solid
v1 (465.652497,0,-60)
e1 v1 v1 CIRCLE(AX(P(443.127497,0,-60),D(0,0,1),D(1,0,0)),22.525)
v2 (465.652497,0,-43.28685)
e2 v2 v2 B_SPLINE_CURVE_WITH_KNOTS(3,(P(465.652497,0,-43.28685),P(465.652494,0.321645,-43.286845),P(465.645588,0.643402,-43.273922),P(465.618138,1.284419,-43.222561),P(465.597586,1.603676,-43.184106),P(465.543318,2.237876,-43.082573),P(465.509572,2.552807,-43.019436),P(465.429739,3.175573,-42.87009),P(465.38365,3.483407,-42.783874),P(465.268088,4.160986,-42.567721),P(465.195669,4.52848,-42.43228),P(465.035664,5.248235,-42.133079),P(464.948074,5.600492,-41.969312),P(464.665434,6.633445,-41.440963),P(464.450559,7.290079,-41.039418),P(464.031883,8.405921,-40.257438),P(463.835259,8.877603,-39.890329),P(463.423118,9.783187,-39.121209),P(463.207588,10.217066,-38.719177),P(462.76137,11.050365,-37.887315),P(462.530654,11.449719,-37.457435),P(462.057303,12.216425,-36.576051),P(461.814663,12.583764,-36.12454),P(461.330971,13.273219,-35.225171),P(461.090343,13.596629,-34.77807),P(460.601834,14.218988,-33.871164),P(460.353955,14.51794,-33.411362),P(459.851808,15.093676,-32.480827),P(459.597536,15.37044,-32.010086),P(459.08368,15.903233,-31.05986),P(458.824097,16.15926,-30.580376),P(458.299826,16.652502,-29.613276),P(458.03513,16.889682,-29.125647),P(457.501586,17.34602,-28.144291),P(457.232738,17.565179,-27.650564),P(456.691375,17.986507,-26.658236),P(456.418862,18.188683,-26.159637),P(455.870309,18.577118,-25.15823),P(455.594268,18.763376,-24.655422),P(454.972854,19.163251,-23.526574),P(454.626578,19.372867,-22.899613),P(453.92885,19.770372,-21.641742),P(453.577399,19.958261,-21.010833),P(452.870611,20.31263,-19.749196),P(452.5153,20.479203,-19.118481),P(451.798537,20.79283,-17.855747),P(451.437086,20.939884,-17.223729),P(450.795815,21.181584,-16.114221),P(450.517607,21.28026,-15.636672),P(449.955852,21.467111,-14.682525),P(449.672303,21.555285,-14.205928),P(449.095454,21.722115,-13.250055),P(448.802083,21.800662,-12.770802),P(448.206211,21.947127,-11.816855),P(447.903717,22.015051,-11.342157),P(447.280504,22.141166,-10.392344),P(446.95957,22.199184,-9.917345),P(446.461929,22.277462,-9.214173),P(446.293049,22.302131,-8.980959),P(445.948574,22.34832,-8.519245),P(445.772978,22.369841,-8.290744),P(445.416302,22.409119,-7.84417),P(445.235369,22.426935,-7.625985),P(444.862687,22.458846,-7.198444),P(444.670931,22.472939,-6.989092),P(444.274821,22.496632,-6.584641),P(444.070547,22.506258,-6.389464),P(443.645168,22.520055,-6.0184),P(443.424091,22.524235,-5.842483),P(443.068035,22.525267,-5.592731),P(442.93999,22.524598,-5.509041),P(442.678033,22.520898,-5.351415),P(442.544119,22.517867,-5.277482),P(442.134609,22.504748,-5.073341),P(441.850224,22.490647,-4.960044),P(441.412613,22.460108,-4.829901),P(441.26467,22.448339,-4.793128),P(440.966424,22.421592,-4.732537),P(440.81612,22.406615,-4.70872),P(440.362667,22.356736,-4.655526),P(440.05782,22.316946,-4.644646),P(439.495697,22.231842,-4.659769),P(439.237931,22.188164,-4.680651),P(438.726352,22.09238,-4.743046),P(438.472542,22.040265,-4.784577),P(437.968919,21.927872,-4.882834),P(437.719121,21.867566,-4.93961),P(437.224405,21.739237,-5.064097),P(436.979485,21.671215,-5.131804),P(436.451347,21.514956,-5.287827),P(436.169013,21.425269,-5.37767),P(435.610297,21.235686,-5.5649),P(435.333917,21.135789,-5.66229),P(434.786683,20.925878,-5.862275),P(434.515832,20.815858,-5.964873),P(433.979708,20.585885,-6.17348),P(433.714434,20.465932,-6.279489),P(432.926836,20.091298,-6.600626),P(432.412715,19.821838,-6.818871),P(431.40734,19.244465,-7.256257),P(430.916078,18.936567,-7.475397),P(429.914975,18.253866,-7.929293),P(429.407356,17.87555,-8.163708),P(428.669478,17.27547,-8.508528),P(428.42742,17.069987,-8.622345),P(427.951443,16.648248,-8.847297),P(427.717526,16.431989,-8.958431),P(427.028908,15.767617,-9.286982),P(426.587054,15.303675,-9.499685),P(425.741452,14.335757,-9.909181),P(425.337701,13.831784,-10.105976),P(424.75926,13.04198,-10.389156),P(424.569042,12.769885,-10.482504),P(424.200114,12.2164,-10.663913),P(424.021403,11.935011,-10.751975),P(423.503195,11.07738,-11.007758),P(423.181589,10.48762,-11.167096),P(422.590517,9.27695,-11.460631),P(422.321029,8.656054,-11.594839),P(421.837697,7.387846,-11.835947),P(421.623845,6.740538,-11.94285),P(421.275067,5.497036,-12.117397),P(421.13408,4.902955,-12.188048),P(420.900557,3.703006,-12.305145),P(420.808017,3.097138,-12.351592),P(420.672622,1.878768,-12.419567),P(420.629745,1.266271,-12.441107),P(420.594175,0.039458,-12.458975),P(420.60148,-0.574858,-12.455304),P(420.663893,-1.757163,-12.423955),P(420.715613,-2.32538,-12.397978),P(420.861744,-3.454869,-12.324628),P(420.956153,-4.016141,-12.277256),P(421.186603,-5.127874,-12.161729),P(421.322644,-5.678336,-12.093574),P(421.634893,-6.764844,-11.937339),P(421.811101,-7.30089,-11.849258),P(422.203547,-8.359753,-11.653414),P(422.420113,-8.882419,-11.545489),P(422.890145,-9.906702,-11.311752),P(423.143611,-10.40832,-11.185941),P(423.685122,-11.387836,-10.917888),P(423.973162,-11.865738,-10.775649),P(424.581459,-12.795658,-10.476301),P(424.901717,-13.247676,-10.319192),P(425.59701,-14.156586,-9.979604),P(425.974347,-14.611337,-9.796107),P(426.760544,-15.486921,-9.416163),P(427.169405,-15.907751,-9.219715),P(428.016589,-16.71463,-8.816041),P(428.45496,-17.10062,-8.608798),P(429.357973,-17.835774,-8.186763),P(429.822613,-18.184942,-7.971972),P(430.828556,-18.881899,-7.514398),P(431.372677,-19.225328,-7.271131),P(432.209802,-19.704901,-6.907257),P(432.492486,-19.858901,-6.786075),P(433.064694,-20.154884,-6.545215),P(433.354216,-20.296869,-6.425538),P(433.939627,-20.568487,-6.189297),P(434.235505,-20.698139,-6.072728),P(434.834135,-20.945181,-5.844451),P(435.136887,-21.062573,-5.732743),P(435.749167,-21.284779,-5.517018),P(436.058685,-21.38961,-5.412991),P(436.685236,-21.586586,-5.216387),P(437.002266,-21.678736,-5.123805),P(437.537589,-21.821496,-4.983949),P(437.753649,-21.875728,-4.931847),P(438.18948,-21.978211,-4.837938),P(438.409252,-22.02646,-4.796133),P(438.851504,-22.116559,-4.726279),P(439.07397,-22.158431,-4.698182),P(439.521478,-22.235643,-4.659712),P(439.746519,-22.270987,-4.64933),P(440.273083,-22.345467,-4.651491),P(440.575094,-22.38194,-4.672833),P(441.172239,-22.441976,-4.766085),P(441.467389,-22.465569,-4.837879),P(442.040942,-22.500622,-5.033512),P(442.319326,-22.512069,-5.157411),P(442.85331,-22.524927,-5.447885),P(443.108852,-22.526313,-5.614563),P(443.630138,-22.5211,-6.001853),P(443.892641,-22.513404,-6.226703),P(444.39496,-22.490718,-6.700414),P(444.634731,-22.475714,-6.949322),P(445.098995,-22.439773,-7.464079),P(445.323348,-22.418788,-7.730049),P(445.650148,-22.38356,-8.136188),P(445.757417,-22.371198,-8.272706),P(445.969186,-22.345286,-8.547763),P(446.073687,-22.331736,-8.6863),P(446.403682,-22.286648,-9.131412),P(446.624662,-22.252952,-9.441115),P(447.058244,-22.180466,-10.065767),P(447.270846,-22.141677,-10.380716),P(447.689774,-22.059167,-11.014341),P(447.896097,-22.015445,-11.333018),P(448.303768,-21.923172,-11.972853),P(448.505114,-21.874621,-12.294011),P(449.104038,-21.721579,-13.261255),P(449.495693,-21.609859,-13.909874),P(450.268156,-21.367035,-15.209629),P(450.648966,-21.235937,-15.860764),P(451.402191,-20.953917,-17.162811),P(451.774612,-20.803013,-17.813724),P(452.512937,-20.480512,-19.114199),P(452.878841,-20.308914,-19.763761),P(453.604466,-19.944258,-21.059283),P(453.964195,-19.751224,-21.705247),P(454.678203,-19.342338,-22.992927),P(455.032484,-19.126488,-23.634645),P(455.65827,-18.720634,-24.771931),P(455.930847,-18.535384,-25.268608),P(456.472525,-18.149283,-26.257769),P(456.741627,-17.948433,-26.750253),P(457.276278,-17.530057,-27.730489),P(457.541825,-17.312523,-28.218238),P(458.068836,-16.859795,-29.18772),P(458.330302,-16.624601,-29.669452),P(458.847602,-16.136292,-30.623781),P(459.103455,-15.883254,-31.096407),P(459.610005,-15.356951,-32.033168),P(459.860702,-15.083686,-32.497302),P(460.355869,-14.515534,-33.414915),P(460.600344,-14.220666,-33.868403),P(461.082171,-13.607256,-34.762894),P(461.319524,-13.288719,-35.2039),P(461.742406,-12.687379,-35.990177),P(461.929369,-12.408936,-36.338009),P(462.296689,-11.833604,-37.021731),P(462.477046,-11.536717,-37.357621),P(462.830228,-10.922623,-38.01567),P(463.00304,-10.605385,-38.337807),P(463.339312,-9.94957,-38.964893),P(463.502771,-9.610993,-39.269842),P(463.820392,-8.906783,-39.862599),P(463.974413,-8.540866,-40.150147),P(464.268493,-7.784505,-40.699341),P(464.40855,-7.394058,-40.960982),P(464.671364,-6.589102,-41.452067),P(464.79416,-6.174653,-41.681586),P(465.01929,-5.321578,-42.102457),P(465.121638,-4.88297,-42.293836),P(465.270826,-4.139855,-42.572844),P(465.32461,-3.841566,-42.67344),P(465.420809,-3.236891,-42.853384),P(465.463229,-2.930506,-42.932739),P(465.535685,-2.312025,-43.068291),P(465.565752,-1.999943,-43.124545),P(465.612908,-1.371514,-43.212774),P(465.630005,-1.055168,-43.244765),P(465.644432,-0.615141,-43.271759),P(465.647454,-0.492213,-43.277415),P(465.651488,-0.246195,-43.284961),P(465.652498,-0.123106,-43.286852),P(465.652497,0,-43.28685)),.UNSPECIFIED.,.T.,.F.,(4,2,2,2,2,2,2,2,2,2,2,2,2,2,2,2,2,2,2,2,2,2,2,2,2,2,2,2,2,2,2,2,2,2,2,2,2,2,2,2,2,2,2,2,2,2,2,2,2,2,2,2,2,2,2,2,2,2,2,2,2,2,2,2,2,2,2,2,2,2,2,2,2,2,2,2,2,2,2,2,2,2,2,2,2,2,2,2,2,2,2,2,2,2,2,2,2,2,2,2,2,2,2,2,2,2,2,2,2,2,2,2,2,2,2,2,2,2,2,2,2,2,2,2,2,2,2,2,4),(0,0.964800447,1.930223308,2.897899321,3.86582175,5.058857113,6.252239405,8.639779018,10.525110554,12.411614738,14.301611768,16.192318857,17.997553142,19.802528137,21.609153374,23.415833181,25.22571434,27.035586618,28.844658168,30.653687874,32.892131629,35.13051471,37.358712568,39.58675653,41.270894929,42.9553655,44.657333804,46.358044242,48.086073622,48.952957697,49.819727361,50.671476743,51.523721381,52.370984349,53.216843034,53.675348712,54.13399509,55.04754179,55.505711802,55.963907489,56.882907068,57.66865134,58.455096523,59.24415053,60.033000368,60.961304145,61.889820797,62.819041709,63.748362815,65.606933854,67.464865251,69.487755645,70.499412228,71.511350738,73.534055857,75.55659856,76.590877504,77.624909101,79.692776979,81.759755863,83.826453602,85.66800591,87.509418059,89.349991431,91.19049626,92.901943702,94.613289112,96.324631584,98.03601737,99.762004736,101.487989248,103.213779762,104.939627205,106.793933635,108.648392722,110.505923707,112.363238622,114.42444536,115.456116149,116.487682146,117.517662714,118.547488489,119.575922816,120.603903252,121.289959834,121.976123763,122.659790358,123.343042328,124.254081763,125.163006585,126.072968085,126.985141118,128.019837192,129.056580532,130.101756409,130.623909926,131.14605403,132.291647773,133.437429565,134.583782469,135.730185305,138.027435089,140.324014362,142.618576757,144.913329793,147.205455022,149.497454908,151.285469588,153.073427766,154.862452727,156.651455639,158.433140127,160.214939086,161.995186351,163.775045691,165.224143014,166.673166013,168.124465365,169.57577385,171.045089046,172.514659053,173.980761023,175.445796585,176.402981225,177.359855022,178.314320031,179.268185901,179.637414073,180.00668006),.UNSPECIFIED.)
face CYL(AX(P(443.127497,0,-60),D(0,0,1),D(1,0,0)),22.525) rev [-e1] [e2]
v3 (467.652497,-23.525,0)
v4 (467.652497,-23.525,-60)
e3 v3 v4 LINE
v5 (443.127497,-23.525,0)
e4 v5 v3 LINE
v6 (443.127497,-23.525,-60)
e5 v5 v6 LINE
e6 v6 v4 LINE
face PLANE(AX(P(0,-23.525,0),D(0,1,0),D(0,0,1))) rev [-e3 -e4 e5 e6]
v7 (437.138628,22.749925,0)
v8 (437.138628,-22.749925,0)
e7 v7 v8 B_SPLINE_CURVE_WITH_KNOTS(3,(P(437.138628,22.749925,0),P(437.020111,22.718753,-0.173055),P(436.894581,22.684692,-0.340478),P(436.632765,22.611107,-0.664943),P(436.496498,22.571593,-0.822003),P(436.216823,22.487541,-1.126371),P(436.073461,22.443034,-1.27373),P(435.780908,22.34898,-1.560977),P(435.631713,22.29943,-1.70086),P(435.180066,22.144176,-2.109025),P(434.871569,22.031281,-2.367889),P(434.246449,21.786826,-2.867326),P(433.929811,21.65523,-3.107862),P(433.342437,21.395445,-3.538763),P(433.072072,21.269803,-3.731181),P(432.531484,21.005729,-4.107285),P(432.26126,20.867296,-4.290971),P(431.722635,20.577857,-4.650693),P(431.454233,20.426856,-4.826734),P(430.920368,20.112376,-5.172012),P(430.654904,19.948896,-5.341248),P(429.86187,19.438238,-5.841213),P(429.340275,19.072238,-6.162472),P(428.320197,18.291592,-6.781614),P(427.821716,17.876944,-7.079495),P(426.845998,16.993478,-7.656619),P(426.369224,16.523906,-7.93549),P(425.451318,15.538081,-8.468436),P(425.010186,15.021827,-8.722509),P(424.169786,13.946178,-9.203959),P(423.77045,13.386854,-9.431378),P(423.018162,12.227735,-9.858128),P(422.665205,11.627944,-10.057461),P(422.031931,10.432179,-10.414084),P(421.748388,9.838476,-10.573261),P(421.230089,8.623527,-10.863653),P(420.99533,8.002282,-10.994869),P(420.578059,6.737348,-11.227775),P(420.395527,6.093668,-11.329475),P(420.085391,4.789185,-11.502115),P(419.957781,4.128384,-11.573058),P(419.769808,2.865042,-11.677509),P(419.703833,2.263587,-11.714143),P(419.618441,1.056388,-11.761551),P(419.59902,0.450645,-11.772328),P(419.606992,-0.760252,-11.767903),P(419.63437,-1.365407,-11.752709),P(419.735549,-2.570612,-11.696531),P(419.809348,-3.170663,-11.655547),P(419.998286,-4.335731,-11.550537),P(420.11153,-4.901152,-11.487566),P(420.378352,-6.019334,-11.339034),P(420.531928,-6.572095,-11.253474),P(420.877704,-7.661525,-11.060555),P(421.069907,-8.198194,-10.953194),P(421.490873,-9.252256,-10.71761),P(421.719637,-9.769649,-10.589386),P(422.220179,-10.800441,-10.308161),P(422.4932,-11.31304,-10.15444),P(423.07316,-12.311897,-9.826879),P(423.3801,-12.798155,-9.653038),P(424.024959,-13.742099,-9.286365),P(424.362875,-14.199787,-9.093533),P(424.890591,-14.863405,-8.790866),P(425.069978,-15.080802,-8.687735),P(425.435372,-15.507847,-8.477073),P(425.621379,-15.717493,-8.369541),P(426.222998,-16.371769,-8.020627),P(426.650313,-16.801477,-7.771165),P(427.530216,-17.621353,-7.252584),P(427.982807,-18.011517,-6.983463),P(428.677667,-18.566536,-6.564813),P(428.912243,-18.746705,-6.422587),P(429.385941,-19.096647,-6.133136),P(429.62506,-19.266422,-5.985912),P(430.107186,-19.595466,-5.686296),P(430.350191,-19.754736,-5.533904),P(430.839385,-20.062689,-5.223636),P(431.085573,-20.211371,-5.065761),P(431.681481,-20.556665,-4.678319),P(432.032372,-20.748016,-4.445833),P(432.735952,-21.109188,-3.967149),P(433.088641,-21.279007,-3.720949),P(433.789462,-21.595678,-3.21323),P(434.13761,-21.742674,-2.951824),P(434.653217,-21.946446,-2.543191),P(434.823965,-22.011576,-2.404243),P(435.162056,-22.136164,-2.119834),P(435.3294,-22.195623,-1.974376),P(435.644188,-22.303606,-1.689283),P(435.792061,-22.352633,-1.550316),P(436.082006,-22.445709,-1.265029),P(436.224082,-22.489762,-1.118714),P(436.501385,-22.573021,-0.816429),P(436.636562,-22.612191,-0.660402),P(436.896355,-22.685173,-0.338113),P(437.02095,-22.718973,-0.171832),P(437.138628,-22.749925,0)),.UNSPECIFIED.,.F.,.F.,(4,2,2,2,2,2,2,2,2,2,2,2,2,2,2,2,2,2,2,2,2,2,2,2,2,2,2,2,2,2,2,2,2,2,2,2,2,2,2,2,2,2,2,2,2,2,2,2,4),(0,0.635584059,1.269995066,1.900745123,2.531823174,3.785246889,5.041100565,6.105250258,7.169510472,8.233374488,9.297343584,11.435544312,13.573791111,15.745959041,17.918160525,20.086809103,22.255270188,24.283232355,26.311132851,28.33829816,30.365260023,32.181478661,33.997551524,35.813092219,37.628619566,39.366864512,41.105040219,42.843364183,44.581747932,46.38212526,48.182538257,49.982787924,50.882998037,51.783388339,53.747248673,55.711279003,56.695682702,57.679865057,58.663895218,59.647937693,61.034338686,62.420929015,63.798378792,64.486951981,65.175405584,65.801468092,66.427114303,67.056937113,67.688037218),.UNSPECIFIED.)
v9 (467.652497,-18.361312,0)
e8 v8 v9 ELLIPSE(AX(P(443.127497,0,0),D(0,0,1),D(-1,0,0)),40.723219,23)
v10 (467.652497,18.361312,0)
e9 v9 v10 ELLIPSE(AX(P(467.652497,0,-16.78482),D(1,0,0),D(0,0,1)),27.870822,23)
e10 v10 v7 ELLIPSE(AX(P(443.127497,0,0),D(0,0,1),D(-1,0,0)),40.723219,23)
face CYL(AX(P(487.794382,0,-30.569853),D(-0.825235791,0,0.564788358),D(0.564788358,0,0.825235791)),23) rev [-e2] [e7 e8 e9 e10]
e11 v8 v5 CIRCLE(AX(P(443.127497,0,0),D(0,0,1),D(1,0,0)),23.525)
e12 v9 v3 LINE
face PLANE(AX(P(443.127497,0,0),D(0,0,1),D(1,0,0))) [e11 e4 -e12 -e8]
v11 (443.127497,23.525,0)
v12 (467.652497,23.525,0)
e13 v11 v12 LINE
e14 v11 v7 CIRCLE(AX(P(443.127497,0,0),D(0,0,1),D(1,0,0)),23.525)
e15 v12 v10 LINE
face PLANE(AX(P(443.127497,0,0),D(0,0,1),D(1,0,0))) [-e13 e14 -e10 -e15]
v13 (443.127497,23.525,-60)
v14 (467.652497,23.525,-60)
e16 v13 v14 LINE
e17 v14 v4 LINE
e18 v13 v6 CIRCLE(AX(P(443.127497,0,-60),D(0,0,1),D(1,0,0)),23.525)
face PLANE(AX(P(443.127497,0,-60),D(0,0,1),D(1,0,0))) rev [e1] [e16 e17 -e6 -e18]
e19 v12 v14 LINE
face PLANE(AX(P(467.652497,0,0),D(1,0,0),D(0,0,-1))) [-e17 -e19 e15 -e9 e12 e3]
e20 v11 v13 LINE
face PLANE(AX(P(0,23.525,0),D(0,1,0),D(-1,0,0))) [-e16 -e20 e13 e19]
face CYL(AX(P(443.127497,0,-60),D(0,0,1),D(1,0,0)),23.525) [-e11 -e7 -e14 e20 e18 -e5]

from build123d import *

# Parameters (mm, degrees)
SKETCH1_R           = 23.525
SKETCH1_R_2         = 22.525
BOSS_EXTRUDE1_DEPTH = 60
BOSS_EXTRUDE2_DEPTH = 60
SKETCH2_R           = 23
CUT_EXTRUDE1_DEPTH  = 112.626209254


with BuildPart() as part:
    # Sketch1 → Boss-Extrude1 (new body)
    with BuildSketch(Plane.XY):
        with Locations((443.127496957, 0)):
            Circle(SKETCH1_R)
        with Locations((443.127496957, 0)):
            Circle(SKETCH1_R_2, mode=Mode.SUBTRACT)
    extrude(amount=-BOSS_EXTRUDE1_DEPTH)

    # Sketch3 → Boss-Extrude2 (add)
    with BuildSketch(Plane(origin=(0, 0, -60), x_dir=(-1, 0, 0), z_dir=(0, 0, -1))):
        with BuildLine():
            Line((-466.652496957, -23.525), (-443.127496957, -23.525))
            ThreePointArc((-443.127496957, -23.525), (-459.762183984, -16.634687027), (-466.652496957, 0))
            Line((-466.652496957, 0), (-466.652496957, -23.525))
        make_face()
        Polygon((-466.652496957, 23.525), (-467.652496957, 23.525), (-467.652496957, -23.525), (-466.652496957, -23.525), (-466.652496957, 0), align=None)
        with BuildLine():
            Line((-466.652496957, 23.525), (-466.652496957, 0))
            ThreePointArc((-466.652496957, 0), (-459.762183984, 16.634687027), (-443.127496957, 23.525))
            Line((-443.127496957, 23.525), (-466.652496957, 23.525))
        make_face()
    extrude(amount=-BOSS_EXTRUDE2_DEPTH)

    # Sketch2 → Cut-Extrude1 (cut, through all)
    with BuildSketch(Plane(origin=(254.325020267, 0, -174.059113982), x_dir=(0.564788358, 0, 0.825235791), z_dir=(-0.825235791, 0, 0.564788358))):
        with Locations((250.273251396, 0)):
            Circle(SKETCH2_R)
    extrude(amount=-CUT_EXTRUDE1_DEPTH, mode=Mode.SUBTRACT)


solid = part.part
